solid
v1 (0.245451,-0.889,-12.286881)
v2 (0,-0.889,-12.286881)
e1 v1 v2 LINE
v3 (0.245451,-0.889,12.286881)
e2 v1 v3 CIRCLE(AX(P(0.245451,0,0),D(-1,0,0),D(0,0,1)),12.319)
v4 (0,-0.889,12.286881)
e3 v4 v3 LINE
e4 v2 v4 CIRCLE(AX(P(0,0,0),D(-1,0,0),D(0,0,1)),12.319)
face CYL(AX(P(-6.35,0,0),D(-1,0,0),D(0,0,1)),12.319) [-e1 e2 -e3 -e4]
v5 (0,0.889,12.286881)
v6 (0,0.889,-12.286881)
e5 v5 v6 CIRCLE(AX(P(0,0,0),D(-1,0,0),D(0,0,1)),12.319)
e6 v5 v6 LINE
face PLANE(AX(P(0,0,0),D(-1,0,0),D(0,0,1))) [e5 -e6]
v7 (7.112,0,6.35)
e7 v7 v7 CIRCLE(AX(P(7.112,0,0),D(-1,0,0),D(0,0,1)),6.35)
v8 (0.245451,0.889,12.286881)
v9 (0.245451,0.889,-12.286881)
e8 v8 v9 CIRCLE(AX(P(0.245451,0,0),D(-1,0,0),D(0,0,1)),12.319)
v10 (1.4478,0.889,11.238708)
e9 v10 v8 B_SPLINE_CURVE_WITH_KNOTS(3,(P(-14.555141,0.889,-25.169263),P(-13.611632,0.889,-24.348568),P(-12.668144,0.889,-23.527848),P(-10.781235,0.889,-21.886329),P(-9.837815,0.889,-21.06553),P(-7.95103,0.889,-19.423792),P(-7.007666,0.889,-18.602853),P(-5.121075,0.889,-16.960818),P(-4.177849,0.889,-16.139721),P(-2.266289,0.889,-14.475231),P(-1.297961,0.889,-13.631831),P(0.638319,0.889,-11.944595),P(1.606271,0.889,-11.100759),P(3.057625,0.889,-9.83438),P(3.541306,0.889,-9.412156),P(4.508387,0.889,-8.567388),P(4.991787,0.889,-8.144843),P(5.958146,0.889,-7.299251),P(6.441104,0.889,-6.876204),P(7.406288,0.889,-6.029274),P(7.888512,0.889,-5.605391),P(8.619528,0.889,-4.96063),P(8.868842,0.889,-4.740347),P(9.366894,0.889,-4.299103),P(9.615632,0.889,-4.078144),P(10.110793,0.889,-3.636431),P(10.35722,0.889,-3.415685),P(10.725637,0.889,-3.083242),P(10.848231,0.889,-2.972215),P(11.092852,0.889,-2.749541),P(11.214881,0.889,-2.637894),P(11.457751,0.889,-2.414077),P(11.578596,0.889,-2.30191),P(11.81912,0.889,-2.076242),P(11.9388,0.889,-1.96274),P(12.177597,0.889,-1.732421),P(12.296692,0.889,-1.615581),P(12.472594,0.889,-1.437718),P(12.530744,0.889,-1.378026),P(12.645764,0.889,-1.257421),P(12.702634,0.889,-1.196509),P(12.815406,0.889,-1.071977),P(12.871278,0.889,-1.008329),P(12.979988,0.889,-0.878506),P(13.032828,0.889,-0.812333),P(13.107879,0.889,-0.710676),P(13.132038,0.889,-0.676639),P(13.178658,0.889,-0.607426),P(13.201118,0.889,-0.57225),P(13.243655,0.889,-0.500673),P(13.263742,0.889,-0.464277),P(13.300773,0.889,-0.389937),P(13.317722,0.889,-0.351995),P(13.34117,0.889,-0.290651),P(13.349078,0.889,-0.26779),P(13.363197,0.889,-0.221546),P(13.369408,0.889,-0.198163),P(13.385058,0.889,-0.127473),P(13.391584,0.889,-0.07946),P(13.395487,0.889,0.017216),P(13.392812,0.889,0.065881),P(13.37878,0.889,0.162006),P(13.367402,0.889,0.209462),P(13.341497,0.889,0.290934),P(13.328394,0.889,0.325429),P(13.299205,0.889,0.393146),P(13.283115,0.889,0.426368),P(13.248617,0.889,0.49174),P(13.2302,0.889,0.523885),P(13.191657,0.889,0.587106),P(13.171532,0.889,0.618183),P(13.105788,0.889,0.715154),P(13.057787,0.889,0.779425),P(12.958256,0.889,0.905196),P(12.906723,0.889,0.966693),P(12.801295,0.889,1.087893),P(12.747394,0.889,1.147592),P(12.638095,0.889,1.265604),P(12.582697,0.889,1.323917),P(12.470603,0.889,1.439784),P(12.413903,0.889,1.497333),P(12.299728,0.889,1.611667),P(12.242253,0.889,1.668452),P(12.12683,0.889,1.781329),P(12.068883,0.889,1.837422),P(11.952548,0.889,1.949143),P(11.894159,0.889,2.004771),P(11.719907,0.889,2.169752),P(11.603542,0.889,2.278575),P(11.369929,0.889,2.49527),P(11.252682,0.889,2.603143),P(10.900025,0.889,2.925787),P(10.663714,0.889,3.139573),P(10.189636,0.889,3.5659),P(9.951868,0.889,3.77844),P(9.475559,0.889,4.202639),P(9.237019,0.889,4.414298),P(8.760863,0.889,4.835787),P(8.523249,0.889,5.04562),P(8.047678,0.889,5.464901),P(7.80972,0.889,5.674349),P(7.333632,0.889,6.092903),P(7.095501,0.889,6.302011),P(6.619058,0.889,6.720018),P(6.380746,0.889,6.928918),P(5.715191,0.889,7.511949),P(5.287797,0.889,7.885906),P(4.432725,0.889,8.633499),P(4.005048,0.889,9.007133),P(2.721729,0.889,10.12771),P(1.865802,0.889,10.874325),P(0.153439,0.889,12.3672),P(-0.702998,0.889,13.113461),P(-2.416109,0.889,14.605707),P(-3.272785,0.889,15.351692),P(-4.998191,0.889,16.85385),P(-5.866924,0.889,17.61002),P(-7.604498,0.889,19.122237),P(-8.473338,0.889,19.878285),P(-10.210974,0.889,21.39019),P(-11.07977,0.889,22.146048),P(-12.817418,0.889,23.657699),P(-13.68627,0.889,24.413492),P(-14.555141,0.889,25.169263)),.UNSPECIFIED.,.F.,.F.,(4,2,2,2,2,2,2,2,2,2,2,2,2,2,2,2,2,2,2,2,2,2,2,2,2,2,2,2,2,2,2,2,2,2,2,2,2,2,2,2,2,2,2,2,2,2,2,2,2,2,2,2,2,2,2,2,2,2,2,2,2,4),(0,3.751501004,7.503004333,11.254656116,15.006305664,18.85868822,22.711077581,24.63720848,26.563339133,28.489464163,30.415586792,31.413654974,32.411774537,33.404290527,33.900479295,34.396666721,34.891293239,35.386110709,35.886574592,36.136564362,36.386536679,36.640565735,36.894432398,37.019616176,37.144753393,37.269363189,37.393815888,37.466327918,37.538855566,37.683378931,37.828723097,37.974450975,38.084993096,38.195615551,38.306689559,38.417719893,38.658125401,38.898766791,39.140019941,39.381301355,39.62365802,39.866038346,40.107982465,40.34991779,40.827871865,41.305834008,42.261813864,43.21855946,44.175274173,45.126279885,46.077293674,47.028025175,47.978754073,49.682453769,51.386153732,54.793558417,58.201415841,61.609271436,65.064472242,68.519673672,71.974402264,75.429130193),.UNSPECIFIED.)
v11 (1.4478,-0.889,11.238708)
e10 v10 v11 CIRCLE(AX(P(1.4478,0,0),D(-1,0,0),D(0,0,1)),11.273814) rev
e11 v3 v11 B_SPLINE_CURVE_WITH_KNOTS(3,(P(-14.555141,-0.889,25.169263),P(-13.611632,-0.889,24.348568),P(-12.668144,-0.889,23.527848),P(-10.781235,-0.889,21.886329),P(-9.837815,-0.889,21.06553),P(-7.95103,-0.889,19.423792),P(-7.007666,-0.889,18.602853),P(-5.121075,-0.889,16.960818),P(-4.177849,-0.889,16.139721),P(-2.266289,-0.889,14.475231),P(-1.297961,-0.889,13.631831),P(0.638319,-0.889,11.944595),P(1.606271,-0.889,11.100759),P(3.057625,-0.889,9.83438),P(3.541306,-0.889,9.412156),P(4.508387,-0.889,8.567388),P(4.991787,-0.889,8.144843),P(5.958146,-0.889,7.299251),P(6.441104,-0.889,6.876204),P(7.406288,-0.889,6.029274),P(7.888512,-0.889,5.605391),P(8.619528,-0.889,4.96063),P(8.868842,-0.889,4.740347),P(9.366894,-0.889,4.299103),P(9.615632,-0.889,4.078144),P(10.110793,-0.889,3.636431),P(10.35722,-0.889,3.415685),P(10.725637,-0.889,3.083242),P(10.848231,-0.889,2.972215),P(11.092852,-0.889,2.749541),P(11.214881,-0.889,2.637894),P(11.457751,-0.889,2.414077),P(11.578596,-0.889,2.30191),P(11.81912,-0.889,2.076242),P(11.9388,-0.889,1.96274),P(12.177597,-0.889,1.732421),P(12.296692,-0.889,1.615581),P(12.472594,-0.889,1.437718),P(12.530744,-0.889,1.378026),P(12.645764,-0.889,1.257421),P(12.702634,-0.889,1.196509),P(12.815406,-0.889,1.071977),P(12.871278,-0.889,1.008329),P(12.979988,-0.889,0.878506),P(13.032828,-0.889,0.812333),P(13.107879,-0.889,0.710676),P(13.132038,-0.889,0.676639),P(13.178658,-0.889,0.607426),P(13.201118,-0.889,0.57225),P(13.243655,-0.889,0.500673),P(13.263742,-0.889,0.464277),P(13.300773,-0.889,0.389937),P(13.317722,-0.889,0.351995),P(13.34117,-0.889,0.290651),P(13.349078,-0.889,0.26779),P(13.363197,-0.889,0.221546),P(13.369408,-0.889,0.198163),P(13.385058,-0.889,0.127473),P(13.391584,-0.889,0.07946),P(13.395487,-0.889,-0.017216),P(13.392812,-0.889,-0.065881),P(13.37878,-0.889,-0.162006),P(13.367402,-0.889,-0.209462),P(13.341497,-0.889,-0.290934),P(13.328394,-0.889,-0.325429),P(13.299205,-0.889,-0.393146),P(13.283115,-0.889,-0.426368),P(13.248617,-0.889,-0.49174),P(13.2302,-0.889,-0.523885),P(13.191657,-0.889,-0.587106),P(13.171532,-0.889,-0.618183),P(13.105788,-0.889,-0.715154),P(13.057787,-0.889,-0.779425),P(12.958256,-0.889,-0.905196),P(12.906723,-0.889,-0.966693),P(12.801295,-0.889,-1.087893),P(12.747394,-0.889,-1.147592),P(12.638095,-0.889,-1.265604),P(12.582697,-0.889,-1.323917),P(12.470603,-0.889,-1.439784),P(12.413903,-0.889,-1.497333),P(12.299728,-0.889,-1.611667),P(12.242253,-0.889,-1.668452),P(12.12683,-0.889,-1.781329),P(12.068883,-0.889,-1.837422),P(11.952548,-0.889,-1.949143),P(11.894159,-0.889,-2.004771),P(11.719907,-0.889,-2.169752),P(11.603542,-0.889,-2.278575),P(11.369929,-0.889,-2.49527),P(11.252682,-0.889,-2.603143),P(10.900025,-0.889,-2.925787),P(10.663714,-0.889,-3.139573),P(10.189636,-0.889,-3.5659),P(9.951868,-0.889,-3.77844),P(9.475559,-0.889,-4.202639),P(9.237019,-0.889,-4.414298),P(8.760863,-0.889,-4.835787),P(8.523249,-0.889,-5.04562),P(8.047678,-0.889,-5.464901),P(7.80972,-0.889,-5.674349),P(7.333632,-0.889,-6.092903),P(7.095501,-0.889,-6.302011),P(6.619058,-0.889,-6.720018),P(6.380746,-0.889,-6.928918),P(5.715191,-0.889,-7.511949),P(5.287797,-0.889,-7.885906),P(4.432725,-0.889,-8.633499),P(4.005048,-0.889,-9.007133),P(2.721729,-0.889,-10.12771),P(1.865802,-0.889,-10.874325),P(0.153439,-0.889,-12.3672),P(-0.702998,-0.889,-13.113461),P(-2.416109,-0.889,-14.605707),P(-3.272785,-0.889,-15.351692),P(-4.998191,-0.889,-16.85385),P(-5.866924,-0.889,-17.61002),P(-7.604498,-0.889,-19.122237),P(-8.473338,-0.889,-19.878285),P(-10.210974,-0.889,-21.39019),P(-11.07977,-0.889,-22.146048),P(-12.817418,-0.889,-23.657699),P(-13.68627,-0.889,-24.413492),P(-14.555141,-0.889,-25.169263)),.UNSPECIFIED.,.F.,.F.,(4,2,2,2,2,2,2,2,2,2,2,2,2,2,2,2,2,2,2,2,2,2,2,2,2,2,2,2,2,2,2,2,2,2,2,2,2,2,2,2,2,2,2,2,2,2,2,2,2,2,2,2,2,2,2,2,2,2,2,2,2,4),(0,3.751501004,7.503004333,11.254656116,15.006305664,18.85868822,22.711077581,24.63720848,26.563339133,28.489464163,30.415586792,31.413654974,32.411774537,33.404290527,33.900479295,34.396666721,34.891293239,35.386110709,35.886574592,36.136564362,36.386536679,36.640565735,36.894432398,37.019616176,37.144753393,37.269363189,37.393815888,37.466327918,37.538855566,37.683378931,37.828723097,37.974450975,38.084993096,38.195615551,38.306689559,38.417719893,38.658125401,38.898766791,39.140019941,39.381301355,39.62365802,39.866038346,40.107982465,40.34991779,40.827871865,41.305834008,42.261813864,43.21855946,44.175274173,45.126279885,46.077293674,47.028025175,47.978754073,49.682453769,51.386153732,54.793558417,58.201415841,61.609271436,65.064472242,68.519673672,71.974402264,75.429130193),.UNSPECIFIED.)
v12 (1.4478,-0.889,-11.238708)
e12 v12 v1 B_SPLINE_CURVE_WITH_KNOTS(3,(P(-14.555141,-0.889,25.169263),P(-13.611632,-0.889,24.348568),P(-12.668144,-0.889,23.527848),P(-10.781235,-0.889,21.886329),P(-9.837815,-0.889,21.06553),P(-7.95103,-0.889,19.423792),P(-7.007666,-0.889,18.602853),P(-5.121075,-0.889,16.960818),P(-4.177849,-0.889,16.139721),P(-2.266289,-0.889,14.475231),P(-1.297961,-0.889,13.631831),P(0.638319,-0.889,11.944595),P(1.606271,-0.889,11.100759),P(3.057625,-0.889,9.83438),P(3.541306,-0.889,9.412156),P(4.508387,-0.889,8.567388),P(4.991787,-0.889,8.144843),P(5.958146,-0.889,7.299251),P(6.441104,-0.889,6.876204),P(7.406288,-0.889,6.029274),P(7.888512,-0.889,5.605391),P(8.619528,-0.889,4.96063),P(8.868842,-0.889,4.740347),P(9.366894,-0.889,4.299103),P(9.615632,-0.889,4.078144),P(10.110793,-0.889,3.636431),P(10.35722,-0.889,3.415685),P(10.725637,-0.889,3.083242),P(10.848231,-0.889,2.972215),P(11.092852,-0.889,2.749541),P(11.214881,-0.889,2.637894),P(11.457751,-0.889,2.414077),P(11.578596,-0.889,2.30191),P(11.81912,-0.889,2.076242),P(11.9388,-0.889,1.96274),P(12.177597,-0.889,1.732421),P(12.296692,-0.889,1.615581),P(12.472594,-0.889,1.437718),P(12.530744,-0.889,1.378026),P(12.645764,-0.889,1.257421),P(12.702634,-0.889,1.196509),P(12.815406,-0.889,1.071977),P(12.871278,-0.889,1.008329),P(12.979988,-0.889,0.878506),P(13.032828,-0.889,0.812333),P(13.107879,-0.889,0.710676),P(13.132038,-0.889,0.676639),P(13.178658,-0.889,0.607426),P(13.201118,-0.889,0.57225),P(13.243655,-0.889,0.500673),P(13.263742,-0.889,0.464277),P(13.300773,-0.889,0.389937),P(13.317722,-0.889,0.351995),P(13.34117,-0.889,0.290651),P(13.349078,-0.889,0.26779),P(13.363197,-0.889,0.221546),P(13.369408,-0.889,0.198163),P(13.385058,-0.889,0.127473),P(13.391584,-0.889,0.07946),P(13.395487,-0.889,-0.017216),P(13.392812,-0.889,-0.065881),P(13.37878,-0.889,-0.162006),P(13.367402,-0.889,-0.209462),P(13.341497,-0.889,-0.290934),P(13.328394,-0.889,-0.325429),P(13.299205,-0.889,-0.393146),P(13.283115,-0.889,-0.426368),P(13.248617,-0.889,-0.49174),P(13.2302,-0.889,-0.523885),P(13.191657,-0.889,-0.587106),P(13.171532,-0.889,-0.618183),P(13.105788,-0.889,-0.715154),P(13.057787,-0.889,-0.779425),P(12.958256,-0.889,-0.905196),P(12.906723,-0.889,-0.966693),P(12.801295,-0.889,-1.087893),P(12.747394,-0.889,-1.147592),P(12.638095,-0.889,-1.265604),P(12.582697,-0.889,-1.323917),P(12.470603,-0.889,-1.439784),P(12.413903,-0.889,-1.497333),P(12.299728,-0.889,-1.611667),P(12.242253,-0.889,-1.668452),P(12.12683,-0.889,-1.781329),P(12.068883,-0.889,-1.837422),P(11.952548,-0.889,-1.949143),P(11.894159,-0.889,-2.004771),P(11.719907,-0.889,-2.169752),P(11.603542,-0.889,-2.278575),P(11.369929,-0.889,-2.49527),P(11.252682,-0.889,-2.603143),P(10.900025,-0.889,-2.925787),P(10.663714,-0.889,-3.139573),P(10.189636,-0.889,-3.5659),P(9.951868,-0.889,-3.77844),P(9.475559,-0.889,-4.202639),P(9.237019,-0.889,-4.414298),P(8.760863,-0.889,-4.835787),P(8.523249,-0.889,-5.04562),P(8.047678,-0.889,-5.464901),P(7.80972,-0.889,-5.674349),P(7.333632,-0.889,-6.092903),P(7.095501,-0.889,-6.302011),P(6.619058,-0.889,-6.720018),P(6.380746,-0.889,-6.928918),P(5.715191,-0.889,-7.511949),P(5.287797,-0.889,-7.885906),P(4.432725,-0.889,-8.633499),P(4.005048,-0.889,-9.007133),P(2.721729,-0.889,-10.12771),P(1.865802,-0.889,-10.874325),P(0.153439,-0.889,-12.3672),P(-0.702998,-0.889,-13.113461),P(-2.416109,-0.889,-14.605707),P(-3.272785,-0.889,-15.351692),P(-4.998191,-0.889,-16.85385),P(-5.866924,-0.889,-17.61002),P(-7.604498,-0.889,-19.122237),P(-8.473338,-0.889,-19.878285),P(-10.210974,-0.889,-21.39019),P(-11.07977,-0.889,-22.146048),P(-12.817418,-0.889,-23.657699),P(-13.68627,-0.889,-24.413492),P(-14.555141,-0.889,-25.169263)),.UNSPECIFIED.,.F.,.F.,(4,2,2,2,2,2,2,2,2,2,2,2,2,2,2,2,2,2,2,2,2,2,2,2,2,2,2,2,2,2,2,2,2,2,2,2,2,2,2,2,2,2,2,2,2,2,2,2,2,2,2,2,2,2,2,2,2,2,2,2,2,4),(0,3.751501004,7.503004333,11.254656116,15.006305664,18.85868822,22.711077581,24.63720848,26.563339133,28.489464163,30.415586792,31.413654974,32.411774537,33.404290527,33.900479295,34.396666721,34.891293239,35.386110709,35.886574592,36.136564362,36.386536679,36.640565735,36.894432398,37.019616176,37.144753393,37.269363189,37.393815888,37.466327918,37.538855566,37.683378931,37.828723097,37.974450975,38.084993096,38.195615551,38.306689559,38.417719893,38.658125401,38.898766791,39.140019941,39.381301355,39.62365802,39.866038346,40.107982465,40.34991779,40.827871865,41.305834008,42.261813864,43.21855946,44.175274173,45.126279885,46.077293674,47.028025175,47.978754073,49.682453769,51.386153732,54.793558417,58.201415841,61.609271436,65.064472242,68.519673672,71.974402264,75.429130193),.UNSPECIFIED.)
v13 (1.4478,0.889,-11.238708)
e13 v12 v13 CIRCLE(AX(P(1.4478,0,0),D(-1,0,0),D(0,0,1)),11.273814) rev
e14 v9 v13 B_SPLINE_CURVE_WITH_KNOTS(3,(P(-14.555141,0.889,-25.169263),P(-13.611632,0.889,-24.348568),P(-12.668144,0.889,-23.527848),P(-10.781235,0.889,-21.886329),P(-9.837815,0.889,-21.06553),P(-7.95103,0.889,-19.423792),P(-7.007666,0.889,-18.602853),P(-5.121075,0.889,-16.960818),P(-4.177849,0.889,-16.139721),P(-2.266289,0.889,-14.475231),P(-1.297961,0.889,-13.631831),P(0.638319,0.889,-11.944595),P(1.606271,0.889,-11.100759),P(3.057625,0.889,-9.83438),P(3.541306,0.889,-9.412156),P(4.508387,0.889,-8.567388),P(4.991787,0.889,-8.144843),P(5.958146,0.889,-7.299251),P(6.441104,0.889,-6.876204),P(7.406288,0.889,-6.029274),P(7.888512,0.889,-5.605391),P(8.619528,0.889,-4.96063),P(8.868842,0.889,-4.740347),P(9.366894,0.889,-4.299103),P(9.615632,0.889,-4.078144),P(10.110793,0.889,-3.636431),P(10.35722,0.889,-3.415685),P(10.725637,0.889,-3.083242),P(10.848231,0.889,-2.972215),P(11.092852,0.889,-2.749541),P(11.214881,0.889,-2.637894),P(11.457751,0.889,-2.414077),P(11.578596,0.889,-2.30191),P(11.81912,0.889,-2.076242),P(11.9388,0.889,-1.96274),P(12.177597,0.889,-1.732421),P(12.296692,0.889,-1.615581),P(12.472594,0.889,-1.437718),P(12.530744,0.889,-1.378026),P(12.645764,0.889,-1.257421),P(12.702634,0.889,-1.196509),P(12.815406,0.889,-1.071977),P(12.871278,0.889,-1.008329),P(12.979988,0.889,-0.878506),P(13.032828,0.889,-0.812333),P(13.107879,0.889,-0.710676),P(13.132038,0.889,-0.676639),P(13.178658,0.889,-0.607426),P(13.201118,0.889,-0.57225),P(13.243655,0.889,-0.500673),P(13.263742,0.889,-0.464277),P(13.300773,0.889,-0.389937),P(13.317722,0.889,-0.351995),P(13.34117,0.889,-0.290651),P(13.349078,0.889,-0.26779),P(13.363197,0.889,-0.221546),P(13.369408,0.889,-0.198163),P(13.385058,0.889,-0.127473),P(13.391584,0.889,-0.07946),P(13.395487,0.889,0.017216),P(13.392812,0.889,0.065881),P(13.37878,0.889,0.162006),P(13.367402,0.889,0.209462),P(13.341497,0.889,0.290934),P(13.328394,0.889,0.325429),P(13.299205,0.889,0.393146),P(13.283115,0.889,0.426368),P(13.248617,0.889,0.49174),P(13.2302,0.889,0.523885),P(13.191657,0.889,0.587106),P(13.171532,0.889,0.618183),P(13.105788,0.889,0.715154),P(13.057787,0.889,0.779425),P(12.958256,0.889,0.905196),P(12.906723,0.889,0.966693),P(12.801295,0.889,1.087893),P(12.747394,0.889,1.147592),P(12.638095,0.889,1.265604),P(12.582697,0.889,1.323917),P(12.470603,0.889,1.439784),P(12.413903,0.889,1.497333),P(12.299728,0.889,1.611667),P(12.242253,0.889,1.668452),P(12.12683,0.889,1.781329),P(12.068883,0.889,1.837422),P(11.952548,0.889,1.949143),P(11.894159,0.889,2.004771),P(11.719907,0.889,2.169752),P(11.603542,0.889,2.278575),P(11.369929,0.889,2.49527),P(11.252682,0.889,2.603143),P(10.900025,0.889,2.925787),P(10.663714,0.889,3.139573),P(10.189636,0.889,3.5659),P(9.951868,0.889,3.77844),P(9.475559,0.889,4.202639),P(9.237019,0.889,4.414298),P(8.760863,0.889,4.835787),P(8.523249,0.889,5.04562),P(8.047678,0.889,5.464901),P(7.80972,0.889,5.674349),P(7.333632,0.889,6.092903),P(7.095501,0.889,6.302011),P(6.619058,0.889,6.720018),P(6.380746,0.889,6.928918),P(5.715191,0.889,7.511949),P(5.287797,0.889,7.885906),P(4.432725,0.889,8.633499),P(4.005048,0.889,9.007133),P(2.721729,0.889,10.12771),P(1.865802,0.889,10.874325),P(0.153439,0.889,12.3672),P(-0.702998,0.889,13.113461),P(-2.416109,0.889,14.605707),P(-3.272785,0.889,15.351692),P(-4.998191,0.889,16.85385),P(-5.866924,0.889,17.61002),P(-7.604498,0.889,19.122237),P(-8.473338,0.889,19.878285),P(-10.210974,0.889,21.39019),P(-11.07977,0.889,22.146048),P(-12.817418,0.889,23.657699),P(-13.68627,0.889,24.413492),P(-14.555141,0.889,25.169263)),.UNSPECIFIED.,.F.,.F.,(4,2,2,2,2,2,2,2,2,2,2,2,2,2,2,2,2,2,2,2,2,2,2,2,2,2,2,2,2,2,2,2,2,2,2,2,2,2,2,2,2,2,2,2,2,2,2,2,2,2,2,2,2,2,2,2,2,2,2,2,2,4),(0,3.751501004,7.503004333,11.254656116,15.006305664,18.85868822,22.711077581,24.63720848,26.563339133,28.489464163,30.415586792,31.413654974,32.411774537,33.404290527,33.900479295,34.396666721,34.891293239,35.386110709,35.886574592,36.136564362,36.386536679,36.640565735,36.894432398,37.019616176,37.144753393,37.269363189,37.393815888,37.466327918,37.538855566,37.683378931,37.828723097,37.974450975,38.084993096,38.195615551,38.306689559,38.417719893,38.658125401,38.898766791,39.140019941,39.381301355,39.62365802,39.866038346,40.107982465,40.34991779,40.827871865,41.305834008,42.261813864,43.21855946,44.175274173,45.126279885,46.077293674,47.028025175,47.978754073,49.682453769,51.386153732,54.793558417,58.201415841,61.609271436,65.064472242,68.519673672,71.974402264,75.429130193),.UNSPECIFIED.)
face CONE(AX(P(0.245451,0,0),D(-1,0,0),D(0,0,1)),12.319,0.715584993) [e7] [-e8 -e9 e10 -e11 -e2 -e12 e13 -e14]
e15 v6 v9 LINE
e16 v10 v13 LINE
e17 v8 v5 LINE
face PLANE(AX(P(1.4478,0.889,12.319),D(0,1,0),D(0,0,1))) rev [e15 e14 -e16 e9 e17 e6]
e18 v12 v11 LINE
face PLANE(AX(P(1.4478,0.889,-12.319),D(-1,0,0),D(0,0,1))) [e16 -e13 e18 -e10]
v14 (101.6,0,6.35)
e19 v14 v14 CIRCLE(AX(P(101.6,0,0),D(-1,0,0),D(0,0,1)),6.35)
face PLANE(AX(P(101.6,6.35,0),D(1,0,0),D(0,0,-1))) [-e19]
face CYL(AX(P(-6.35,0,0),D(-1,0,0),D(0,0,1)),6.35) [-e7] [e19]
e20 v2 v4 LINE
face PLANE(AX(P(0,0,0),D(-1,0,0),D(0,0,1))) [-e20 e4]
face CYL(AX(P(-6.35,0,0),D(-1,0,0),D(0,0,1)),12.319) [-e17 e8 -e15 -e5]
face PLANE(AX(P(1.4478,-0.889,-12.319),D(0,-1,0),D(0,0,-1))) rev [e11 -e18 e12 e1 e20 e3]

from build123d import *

# Parameters (mm, degrees)
SKETCH6_W  = 24.638
SKETCH6_H  = 1.778
SLOT_DEPTH = 1.4478


with BuildPart() as part:
    # BodySke → Base-Revolve (revolve)
    with BuildSketch(Plane.XY, mode=Mode.PRIVATE) as base_revolve_sk:
        Polygon((0, 0), (0, 12.319), (0.245450977, 12.319), (7.112, 6.35), (101.6, 6.35), (101.6, 0), align=None)
    revolve(base_revolve_sk.sketch.rotate(Axis((-6.35, 0, 0), (1, 0, 0)), 90), axis=Axis((-6.35, 0, 0), (1, 0, 0)))

    # Sketch6 → Slot (cut)
    with BuildSketch(Plane.ZY):
        Rectangle(SKETCH6_W, SKETCH6_H)
    extrude(amount=-SLOT_DEPTH, mode=Mode.SUBTRACT)


solid = part.part
